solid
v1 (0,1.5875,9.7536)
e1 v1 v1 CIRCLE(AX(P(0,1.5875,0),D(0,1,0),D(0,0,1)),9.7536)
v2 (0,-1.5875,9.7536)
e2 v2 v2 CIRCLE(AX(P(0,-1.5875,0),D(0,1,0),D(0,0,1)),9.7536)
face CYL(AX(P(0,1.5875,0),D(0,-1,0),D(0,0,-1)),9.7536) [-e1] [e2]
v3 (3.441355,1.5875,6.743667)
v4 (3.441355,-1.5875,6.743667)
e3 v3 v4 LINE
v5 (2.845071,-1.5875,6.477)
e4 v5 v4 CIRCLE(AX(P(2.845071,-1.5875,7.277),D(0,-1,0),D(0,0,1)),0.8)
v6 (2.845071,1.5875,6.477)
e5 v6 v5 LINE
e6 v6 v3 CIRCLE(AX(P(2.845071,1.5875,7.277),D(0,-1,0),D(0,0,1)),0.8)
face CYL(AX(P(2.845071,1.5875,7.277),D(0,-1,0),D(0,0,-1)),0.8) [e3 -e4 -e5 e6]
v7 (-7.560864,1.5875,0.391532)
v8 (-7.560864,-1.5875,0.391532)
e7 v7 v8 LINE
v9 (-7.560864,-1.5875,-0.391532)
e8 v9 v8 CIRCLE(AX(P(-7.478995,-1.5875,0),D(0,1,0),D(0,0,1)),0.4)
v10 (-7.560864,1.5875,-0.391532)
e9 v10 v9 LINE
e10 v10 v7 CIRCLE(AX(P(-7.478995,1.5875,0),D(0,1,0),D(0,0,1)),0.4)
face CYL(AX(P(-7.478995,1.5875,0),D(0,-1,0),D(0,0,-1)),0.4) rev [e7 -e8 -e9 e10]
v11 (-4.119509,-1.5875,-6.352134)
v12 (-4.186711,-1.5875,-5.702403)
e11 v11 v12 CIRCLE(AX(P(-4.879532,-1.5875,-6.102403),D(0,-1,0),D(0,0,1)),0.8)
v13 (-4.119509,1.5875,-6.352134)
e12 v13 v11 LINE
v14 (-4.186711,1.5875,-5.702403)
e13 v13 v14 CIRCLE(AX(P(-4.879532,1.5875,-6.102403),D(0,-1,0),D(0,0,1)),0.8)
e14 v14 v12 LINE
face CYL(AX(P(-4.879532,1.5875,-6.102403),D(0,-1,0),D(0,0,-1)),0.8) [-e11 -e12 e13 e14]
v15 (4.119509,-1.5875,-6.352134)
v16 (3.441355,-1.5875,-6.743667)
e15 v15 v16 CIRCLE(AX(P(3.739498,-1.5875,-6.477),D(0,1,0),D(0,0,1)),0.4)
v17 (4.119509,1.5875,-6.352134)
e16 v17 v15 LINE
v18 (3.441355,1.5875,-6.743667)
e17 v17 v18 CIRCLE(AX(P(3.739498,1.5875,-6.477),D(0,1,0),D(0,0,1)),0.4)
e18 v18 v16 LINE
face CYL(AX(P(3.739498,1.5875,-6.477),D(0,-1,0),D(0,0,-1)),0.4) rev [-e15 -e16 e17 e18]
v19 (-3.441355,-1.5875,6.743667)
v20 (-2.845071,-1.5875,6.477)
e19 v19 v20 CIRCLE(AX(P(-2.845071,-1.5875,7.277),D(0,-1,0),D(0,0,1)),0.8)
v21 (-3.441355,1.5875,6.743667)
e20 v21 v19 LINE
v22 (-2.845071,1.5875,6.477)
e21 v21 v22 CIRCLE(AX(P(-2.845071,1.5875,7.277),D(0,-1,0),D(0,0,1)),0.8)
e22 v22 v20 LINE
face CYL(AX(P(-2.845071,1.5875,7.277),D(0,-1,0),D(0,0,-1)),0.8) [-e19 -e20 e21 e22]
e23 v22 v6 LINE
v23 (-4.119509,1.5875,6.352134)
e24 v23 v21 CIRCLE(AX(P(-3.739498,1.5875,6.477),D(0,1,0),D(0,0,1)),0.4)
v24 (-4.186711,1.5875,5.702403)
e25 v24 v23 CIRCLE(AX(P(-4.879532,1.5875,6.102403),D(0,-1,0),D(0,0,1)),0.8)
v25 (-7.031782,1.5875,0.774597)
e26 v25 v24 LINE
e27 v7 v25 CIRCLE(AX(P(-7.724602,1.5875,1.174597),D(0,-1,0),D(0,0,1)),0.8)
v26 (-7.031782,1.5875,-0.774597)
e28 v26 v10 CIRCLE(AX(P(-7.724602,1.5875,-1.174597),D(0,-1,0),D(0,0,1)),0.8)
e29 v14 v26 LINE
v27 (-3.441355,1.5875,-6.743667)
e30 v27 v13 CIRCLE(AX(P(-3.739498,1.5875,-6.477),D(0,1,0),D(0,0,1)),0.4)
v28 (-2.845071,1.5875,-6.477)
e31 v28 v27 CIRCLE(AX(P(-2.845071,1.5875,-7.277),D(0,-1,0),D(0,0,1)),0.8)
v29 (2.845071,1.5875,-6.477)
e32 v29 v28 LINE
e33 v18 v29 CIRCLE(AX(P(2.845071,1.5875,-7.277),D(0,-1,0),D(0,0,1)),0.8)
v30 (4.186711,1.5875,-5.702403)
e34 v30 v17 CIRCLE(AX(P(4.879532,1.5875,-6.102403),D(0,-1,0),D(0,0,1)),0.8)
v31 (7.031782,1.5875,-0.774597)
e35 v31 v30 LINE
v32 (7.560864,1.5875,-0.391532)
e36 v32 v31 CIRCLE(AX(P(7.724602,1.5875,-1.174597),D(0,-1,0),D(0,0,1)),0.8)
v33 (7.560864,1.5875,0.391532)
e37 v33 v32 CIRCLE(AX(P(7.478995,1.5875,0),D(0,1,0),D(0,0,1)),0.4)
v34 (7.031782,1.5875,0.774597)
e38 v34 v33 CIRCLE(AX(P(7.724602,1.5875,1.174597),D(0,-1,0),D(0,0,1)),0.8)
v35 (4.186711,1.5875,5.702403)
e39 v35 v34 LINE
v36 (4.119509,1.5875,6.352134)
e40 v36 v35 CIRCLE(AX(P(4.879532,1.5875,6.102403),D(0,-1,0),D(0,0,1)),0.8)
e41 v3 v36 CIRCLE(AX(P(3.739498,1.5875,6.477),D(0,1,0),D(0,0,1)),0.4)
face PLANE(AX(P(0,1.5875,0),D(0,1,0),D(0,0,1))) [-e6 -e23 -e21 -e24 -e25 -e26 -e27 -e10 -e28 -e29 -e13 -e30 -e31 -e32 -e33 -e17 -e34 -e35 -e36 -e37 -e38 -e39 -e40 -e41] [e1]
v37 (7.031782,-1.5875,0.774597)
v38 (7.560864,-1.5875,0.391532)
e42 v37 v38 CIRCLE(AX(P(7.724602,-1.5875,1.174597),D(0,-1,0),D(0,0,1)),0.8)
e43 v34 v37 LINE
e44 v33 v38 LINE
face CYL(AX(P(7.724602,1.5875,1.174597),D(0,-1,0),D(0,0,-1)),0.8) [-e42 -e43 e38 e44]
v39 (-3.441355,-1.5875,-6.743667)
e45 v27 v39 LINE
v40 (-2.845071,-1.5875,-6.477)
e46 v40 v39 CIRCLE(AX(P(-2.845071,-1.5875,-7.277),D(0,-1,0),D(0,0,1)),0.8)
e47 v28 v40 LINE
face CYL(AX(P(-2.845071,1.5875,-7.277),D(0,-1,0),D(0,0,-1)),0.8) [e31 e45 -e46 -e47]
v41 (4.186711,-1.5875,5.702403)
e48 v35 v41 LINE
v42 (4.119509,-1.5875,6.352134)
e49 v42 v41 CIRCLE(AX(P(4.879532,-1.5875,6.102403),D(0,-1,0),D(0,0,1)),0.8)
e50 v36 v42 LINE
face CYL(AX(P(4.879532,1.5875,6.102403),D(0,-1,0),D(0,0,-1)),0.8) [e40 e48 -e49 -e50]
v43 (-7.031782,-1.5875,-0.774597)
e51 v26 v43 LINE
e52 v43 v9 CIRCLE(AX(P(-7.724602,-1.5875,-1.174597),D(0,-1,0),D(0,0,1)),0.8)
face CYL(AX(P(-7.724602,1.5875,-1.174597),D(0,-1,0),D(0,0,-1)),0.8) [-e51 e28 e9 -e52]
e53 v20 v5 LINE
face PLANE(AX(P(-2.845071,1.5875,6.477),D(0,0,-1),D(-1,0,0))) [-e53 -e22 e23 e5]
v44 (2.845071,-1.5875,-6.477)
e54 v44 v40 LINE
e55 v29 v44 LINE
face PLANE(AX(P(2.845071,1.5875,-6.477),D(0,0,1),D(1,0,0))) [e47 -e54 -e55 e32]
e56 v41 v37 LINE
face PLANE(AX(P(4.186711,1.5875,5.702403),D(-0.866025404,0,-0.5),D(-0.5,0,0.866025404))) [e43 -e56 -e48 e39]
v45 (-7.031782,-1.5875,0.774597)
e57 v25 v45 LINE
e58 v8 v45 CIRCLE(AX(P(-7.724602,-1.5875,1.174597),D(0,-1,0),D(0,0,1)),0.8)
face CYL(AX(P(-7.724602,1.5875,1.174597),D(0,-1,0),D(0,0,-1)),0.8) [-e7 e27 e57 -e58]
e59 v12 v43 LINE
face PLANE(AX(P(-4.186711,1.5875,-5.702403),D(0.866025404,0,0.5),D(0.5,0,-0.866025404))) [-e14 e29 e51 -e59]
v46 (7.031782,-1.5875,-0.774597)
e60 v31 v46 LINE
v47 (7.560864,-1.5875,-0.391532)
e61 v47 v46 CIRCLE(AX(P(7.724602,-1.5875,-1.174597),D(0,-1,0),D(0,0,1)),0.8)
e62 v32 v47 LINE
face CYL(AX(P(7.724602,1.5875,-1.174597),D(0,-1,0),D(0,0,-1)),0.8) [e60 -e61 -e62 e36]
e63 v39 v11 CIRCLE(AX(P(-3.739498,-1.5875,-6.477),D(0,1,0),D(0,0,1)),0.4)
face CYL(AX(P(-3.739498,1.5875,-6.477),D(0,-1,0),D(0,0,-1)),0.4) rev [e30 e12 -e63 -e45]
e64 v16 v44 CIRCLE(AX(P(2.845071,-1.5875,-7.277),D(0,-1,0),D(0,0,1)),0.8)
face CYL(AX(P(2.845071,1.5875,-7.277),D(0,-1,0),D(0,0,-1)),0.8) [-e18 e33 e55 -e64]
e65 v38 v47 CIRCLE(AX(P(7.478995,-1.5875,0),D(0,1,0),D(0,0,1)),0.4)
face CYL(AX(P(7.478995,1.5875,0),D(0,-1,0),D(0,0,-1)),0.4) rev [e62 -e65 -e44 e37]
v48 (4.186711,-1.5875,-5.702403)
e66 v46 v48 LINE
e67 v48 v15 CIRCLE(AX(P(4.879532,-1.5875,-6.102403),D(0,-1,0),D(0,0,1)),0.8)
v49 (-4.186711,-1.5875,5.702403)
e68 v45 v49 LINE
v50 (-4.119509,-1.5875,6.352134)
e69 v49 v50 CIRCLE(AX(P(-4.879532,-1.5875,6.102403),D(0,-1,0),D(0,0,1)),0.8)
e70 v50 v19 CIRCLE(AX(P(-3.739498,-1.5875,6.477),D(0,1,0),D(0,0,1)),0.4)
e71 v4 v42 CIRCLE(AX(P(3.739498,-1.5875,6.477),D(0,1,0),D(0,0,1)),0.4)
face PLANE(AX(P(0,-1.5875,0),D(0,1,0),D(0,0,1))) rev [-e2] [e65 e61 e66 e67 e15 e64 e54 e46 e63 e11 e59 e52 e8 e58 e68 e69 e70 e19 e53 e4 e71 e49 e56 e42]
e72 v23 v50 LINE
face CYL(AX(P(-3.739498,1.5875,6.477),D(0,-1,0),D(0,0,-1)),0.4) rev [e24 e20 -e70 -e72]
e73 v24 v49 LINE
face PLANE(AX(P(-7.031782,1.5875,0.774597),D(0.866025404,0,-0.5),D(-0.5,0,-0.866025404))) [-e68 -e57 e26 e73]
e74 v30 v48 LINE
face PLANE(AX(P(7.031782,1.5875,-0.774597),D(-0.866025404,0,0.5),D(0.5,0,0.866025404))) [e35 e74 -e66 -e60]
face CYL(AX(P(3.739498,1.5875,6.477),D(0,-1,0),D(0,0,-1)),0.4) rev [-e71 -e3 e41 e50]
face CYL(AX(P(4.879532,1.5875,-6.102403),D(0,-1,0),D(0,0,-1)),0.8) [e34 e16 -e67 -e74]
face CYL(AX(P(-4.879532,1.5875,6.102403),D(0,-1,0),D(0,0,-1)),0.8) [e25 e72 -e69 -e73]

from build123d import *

# Parameters (mm, degrees)
CROQUIS1_R              = 9.7536
SALIENTE_EXTRUIR1_DEPTH = 1.5875


with BuildPart() as part:
    # Croquis1 → Saliente-Extruir1 (new, symmetric)
    with BuildSketch(Plane(origin=(0, 0, 0), x_dir=(1, 0, 0), z_dir=(0, 1, 0))):
        with Locations(Location((0, 0, 0), (0, 0, 270))):
            Circle(CROQUIS1_R)
        with BuildLine():
            Line((4.186711289, -5.702403331), (7.031781792, -0.774596669))
            ThreePointArc((7.031781792, -0.774596669), (7.255445899, -0.526605585), (7.560864296, -0.391532223))
            ThreePointArc((7.560864296, -0.391532223), (7.878995387, 0), (7.560864296, 0.391532223))
            ThreePointArc((7.560864296, 0.391532223), (7.255445899, 0.526605585), (7.031781792, 0.774596669))
            Line((7.031781792, 0.774596669), (4.186711289, 5.702403331))
            ThreePointArc((4.186711289, 5.702403331), (4.083776764, 6.020097672), (4.119509, 6.352134444))
            ThreePointArc((4.119509, 6.352134444), (3.939497694, 6.823410162), (3.441355297, 6.743666667))
            ThreePointArc((3.441355297, 6.743666667), (3.171669135, 6.546703257), (2.845070503, 6.477))
            Line((2.845070503, 6.477), (-2.845070503, 6.477))
            ThreePointArc((-2.845070503, 6.477), (-3.171669135, 6.546703257), (-3.441355297, 6.743666667))
            ThreePointArc((-3.441355297, 6.743666667), (-3.939497694, 6.823410162), (-4.119509, 6.352134444))
            ThreePointArc((-4.119509, 6.352134444), (-4.083776764, 6.020097672), (-4.186711289, 5.702403331))
            Line((-4.186711289, 5.702403331), (-7.031781792, 0.774596669))
            ThreePointArc((-7.031781792, 0.774596669), (-7.255445899, 0.526605585), (-7.560864296, 0.391532223))
            ThreePointArc((-7.560864296, 0.391532223), (-7.878995387, 0), (-7.560864296, -0.391532223))
            ThreePointArc((-7.560864296, -0.391532223), (-7.255445899, -0.526605585), (-7.031781792, -0.774596669))
            Line((-7.031781792, -0.774596669), (-4.186711289, -5.702403331))
            ThreePointArc((-4.186711289, -5.702403331), (-4.083776764, -6.020097672), (-4.119509, -6.352134444))
            ThreePointArc((-4.119509, -6.352134444), (-3.939497694, -6.823410162), (-3.441355297, -6.743666667))
            ThreePointArc((-3.441355297, -6.743666667), (-3.171669135, -6.546703257), (-2.845070503, -6.477))
            Line((-2.845070503, -6.477), (2.845070503, -6.477))
            ThreePointArc((2.845070503, -6.477), (3.171669135, -6.546703257), (3.441355297, -6.743666667))
            ThreePointArc((3.441355297, -6.743666667), (3.939497694, -6.823410162), (4.119509, -6.352134444))
            ThreePointArc((4.119509, -6.352134444), (4.083776764, -6.020097672), (4.186711289, -5.702403331))
        make_face(mode=Mode.SUBTRACT)
    extrude(amount=SALIENTE_EXTRUIR1_DEPTH, both=True)


solid = part.part
